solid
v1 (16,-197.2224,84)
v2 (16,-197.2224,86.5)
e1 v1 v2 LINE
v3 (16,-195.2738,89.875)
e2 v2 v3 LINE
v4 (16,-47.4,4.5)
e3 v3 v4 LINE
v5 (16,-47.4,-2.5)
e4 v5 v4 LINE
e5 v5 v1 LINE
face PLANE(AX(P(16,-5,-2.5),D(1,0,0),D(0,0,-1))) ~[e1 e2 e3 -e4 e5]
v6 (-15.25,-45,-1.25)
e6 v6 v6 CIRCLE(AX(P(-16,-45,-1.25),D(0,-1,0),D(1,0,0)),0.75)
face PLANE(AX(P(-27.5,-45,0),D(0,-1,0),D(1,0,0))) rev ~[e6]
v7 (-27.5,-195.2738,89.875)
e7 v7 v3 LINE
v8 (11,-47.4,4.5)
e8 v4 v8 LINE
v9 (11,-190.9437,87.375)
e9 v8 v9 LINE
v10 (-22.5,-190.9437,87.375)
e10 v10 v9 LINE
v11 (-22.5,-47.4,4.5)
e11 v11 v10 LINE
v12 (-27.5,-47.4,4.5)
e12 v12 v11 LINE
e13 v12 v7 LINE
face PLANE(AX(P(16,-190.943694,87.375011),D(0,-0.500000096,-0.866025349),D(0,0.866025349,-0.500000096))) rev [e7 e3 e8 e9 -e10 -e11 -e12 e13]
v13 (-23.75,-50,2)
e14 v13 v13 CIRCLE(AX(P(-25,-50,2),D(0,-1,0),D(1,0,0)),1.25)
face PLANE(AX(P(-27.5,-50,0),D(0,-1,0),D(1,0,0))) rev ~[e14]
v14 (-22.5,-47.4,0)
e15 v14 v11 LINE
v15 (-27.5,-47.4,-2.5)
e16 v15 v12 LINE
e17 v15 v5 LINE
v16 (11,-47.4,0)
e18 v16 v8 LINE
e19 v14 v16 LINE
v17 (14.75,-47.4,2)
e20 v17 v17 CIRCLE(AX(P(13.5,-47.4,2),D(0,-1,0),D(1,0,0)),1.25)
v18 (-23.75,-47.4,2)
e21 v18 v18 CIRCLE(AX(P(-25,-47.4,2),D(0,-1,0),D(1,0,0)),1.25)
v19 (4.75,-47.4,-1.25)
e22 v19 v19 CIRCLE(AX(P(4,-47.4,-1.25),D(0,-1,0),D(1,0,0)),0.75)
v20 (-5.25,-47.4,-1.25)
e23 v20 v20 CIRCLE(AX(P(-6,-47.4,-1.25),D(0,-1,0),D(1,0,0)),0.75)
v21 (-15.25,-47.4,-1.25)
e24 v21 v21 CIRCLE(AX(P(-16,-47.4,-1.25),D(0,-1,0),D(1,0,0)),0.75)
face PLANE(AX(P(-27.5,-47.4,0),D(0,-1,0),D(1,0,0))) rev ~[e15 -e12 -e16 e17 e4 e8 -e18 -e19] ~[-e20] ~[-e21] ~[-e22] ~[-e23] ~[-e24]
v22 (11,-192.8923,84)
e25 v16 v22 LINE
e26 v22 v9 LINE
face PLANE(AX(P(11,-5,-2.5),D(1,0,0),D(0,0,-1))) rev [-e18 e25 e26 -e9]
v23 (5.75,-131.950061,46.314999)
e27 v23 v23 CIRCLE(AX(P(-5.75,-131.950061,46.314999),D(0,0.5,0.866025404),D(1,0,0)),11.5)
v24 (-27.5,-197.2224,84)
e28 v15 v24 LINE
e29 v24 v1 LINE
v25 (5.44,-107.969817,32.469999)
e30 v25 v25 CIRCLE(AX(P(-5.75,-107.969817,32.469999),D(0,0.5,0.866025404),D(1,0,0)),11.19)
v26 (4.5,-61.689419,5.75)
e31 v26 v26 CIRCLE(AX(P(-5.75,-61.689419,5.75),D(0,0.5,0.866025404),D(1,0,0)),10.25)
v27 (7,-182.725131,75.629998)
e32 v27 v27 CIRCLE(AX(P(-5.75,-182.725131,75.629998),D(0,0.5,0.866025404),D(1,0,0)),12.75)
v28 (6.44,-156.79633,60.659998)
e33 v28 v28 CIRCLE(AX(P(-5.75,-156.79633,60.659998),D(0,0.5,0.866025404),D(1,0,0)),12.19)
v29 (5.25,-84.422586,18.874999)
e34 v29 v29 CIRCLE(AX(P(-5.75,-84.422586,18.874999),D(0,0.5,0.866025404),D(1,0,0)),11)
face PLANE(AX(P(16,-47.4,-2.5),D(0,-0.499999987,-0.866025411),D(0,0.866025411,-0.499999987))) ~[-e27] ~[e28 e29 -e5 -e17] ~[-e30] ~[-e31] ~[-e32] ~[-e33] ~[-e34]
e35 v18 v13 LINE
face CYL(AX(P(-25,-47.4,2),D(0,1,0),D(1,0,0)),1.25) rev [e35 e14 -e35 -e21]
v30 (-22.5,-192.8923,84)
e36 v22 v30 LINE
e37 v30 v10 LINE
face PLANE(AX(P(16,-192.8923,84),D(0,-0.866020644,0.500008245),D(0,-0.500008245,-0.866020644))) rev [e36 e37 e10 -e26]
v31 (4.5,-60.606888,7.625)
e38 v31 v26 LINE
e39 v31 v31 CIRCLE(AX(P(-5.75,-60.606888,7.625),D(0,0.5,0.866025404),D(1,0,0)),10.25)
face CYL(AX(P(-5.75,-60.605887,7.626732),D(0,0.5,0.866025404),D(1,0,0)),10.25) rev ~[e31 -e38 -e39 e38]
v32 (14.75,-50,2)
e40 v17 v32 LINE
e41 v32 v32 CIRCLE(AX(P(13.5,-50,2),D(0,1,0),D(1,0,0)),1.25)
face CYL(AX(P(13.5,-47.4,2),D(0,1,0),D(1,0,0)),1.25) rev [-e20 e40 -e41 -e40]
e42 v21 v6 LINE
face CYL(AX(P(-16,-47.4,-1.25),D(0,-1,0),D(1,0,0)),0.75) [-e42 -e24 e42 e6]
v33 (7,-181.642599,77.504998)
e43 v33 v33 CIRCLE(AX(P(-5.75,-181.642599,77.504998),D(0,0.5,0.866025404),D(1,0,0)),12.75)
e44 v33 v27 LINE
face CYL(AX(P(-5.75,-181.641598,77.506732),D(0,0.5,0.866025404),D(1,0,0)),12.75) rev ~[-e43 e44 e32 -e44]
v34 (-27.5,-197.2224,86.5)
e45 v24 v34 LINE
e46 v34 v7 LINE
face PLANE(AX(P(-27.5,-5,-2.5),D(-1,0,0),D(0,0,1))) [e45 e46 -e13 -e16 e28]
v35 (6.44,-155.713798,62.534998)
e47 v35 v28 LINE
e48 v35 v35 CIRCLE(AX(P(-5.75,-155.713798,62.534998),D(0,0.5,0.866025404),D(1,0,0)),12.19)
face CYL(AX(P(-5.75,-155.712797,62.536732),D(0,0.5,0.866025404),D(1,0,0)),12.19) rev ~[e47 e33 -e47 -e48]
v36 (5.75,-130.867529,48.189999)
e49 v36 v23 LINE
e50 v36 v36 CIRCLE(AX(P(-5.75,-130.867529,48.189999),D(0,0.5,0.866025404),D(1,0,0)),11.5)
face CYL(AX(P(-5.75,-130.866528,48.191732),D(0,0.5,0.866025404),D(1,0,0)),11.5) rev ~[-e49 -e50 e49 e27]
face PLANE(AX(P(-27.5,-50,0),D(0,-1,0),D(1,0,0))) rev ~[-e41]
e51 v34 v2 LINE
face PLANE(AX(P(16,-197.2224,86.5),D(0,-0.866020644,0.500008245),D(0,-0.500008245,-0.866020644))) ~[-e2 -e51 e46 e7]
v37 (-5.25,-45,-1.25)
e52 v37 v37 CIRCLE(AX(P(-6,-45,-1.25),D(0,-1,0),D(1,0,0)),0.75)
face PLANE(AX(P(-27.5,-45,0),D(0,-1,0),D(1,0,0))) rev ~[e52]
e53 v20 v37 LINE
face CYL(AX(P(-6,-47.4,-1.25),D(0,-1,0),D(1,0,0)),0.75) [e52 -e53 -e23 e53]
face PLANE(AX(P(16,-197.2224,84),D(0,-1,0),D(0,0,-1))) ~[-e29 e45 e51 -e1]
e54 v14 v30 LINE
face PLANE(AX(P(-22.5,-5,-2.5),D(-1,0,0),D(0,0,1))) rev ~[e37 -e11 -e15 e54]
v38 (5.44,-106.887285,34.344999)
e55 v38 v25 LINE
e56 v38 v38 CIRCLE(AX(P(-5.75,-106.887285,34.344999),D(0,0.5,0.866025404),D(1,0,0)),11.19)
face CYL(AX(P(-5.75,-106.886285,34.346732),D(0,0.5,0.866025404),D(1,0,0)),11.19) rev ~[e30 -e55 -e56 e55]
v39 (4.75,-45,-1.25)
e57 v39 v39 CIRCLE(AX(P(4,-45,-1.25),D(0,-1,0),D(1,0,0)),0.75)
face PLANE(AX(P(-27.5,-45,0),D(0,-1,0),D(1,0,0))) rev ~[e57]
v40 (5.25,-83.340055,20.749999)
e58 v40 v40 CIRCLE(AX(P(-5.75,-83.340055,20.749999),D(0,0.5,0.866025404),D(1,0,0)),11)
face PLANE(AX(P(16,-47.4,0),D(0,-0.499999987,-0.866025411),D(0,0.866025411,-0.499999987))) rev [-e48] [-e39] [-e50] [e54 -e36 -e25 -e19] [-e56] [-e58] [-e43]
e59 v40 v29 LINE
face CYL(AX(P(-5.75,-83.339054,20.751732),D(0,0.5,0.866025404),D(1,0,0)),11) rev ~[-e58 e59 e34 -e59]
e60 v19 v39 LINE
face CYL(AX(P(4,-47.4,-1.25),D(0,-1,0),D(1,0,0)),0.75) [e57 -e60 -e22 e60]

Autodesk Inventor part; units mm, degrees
sketch "Boceto1" plane through (0, 0, 0) normal (0, 0, 1) x (1, 0, 0)
  line L0 (81, 20) -> (81, 63.5)
  line L1 (-27.5, 63.5) -> (-27.5, -5)
  line L2 (-27.5, -5) -> (16, -5)
  line L3 (16, -5) -> (16, 20)
  line L4 (11, 25) -> (11, -5)
  line L5 (-22.5, 58.5) -> (-22.5, -5)
  line L6 (11, 25) -> (81, 25)
  line L7 (-27.5, 63.5) -> (81, 63.5)
  line L8 (-22.5, 58.5) -> (81, 58.5)
  line L9 (16, 20) -> (81, 20)
  point P0 (0, 0)
  dimension "d7" = 5
  dimension "d68" = 5
  dimension "d69" = 33.5
  dimension "d74" = 5
  dimension "d75" = 33.5
  dimension "d76" = 5
  dimension "d77" = 70
  dimension "d111" = 30
extrude "Extrusión1" add sketch "Boceto1" against normal blind 2.5
extrude "Extrusión2" add sketch "Boceto1" along normal blind 1 contours L9 L3 L2 L4 L6 L0 | L8 L5 L2 L1 L7 L0
ref_plane "Plano de trabajo3" through (29.25, 58.5, 1) normal (0, 0, 1) x (1, 0, 0)
mirror "Simetría3" about plane through (29.25, 58.5, 1) normal (0, 0, 1) of "Extrusión2", "Extrusión1"
sketch "Boceto6" plane through (-27.5, 63.5, 4.5) normal (0, 0, 1) x (1, 0, 0)
  line L0 (108.5, -43.5) -> (43.5, -43.5) projected
  line L1 (0, -68.5) -> (0, 0) projected
  line L2 (0, -43.5) -> (0, -51.5)
  line L3 (43.5, -43.5) -> (43.5, -68.5) projected
  line L4 (0, -43.5) -> (38.5, -43.5)
  line L5 (38.5, -68.5) -> (38.5, -38.5) projected
  line L6 (0, -51.5) -> (38.5, -51.5)
  line L7 (38.5, -43.5) -> (38.5, -51.5)
  point P0 (27.5, -63.5)
  point P1 (43.5, -51.5)
  dimension "d78" = 8
extrude "Extrusión11" cut sketch "Boceto6" against normal blind 4.5
sketch "Boceto7" plane through (-27.5, -5, -2.5) normal (-1, 0, 0) x (0, 0, 1)
  line L0 (0, 0) -> (0, 68.5) projected
  line L1 (0, 0) -> (0, -42.4)
  line L2 (0, 0) -> (7, 0) projected
  line L3 (0, 0) -> (7, 0)
  line L4 (7, 0) -> (7, -42.4)
  line L5 (0, -42.4) -> (86.5, -192.2224)
  line L6 (86.5, -192.2224) -> (89, -192.2224)
  line L7 (89, -192.2224) -> (92.375, -190.2738)
  line L8 (2.5, 0) -> (2.5, -42.4)
  line L9 (0, 0) -> (7, 0) projected
  line L10 (0, 0) -> (2.5, 0)
  line L11 (86.5, -192.2224) -> (89, -192.2224)
  line L12 (89, -192.2224) -> (92.375, -190.2738)
  line L13 (2.5, -42.4) -> (89, -192.2224)
  line L14 (0, -42.4) -> (-1.0904, -42.4)
  line L15 (7, -42.4) -> (92.375, -190.2738)
  line L16 (86.5, -187.8923) -> (89.875, -185.9437)
  point P0 (2.5, 5)
  point P1 (4.5, 0)
  point P2 (-0.5452, -42.4)
  dimension "d81" = 42.4
  dimension "d82" = 173
  dimension "d88" = 120
  dimension "d108" = 5
ref_plane "Plano de trabajo4" through (-5.75, -5, -2.5) normal (1, 0, 0) x (0, 0, -1)
extrude "Extrusión12" add sketch "Boceto7" against normal blind 21.75 contours L2 L8 L13 L6 L5 L1
extrude "Extrusión13" add sketch "Boceto7" against normal blind 5 contours L2 L4 L15 L16 L13 L8
extrude "Extrusión14" add sketch "Boceto7" against normal blind 21.75 contours L13 L16 L15 L7
mirror "Simetría4" about plane through (-5.75, -5, -2.5) normal (1, 0, 0) of "Extrusión12", "Extrusión13", "Extrusión14"
sketch "Boceto8" plane through (-22.5, -47.4, 0) normal (0, 0.5, 0.866) x (1, 0, 0)
  line L0 (0, 0) -> (33.5, 0) projected
  line L1 (16.75, 0) -> (16.75, -5)
  circle A0 centre (16.75, -15.25) radius 10.25
  line L2 (16.75, -25.5) -> (16.75, -30.5)
  circle A1 centre (16.75, -41.5) radius 11
  line L3 (16.75, -52.5) -> (16.75, -57.5)
  circle A2 centre (16.75, -68.69) radius 11.19
  line L4 (16.75, -79.88) -> (16.75, -84.88)
  circle A3 centre (16.75, -96.38) radius 11.5
  line L5 (16.75, -107.88) -> (16.75, -112.88)
  circle A4 centre (16.75, -125.07) radius 12.19
  line L6 (16.75, -137.26) -> (16.75, -142.26)
  circle A5 centre (16.75, -155.01) radius 12.75
  point P0 (22.5, 41.0496)
  dimension "d105" = 25.5
  dimension "d94" = 5
  dimension "d95" = 20.5
  dimension "d96" = 5
  dimension "d97" = 5
  dimension "d98" = 5
  dimension "d99" = 5
  dimension "d100" = 5
  dimension "d101" = 22
  dimension "d102" = 22.38
  dimension "d103" = 23
  dimension "d104" = 24.38
extrude "Extrusión15" cut sketch "Boceto8" against normal blind 21.75
sketch "Boceto9" plane through (-27.5, 63.5, -2.5) normal (-1, 0, 0) x (0, 0, 1)
  line L0 (2.5, -51.5) -> (2.5, -110.9) projected
  line L1 (0, 0) -> (0, -110.9) projected
  line L2 (0, -110.9) -> (2.5, -110.9)
  line L3 (2.5, -110.9) -> (2.5, -70.9)
  line L4 (2.5, -70.9) -> (0, -70.9)
  line L5 (0, -70.9) -> (0, -110.9)
  line L6 (0, -43.5) -> (0, -110.9) projected
  line L7 (0, -102.4) -> (2.5, -102.4)
  point P0 (2.5, -63.5)
  point P1 (7, -110.9)
  dimension "d109" = 2.5
  dimension "d110" = 40
  dimension "d112" = 31.5
extrude "Extrusión16" cut sketch "Boceto9" against normal through all contours L0 L7 L1 L4
ref_plane "Plano de trabajo5" through (-27.5, -47.4, 0) normal (0, -1, 0) x (1, 0, 0)
ref_plane "Plano de trabajo6" through (-27.5, -47.4, 0) normal (0, -1, 0) x (1, 0, 0)
sketch "Boceto11" plane through (-27.5, -47.4, 0) normal (0, -1, 0) x (1, 0, 0)
  line L0 (43.5, 4.5) -> (38.5, 4.5) projected
  line L1 (38.5, 0) -> (38.5, 4.5) projected
  line L2 (5, 0) -> (38.5, 0) projected
  line L3 (5, 4.5) -> (5, 0) projected
  line L4 (0, 4.5) -> (5, 4.5) projected
  line L5 (0, -2.5) -> (0, 4.5) projected
  line L6 (0, -2.5) -> (43.5, -2.5) projected
  line L7 (43.5, 4.5) -> (43.5, -2.5) projected
  line L8 (0, 0) -> (0, -2.5) projected
  line L9 (43.5, -2.5) -> (43.5, 4.5) projected
  circle A0 centre (2.5, 2) radius 1.25
  line L10 (108.5, 2) -> (5, 2) projected
  circle A1 centre (41, 2) radius 1.25
  circle A2 centre (11.5, -1.25) radius 0.75
  circle A3 centre (21.5, -1.25) radius 0.75
  circle A4 centre (31.5, -1.25) radius 0.75
  point P0 (27.5, 0)
  dimension "d117" = 2.5
  dimension "d118" = 2.5
  dimension "d119" = 38.5
  dimension "d120" = 1.5
  dimension "d121" = 1.5
  dimension "d122" = 1.5
  dimension "d123" = 10
  dimension "d124" = 10
extrude "Extrusión18" add sketch "Boceto11" along normal blind 2.5 contours A1 L10 | L10 A1 | A0
extrude "Extrusión19" cut sketch "Boceto11" against normal blind 2.5 contours A2 | A3 | A4
sketch "Boceto12" plane through (-27.5, -47.4, 0) normal (0, -1, 0) x (1, 0, 0)
  line L0 (0, -2.5) -> (0, 84) projected
  line L1 (0, 4.5) -> (108.5, 4.5) projected
  line L2 (0, -2.5) -> (108.5, -2.5)
  line L3 (108.5, -2.5) -> (108.5, 4.5)
  line L4 (108.5, 4.5) -> (0, 4.5)
  line L5 (0, 4.5) -> (0, -2.5)
  point P0 (27.5, 0)
extrude "Extrusión20" cut sketch "Boceto12" against normal through all
extrude "Extrusión21" add sketch "Boceto11" against normal blind 2.4 contours A2 | A3 | A4
extrude "Extrusión22" cut sketch "Boceto11" along normal blind 2.6 contours A1 L10 | L10 A1 | A0
equation "\"d105\" = UnSol"
equation "\"d94\" = razon"
equation "\"d95\" = diezcen"
equation "\"d96\" = razon"
equation "\"d97\" = razon"
equation "\"d98\" = razon"
equation "\"d99\" = razon"
equation "\"d100\" = razon"
equation "\"d101\" = cincuentacen"
equation "\"d102\" = dossol"
equation "\"d103\" = veintecen"
equation "\"d104\" = cincosol"
equation "\"UnSol\" = 25.5"
equation "\"diezcen\" = 20.5"
equation "\"veintecen\" = 23"
equation "\"cincuentacen\" = 22"
equation "\"dossol\" = 22.38"
equation "\"cincosol\" = 24.38"
equation "\"razon\" = 5"
properties part number "V2"
